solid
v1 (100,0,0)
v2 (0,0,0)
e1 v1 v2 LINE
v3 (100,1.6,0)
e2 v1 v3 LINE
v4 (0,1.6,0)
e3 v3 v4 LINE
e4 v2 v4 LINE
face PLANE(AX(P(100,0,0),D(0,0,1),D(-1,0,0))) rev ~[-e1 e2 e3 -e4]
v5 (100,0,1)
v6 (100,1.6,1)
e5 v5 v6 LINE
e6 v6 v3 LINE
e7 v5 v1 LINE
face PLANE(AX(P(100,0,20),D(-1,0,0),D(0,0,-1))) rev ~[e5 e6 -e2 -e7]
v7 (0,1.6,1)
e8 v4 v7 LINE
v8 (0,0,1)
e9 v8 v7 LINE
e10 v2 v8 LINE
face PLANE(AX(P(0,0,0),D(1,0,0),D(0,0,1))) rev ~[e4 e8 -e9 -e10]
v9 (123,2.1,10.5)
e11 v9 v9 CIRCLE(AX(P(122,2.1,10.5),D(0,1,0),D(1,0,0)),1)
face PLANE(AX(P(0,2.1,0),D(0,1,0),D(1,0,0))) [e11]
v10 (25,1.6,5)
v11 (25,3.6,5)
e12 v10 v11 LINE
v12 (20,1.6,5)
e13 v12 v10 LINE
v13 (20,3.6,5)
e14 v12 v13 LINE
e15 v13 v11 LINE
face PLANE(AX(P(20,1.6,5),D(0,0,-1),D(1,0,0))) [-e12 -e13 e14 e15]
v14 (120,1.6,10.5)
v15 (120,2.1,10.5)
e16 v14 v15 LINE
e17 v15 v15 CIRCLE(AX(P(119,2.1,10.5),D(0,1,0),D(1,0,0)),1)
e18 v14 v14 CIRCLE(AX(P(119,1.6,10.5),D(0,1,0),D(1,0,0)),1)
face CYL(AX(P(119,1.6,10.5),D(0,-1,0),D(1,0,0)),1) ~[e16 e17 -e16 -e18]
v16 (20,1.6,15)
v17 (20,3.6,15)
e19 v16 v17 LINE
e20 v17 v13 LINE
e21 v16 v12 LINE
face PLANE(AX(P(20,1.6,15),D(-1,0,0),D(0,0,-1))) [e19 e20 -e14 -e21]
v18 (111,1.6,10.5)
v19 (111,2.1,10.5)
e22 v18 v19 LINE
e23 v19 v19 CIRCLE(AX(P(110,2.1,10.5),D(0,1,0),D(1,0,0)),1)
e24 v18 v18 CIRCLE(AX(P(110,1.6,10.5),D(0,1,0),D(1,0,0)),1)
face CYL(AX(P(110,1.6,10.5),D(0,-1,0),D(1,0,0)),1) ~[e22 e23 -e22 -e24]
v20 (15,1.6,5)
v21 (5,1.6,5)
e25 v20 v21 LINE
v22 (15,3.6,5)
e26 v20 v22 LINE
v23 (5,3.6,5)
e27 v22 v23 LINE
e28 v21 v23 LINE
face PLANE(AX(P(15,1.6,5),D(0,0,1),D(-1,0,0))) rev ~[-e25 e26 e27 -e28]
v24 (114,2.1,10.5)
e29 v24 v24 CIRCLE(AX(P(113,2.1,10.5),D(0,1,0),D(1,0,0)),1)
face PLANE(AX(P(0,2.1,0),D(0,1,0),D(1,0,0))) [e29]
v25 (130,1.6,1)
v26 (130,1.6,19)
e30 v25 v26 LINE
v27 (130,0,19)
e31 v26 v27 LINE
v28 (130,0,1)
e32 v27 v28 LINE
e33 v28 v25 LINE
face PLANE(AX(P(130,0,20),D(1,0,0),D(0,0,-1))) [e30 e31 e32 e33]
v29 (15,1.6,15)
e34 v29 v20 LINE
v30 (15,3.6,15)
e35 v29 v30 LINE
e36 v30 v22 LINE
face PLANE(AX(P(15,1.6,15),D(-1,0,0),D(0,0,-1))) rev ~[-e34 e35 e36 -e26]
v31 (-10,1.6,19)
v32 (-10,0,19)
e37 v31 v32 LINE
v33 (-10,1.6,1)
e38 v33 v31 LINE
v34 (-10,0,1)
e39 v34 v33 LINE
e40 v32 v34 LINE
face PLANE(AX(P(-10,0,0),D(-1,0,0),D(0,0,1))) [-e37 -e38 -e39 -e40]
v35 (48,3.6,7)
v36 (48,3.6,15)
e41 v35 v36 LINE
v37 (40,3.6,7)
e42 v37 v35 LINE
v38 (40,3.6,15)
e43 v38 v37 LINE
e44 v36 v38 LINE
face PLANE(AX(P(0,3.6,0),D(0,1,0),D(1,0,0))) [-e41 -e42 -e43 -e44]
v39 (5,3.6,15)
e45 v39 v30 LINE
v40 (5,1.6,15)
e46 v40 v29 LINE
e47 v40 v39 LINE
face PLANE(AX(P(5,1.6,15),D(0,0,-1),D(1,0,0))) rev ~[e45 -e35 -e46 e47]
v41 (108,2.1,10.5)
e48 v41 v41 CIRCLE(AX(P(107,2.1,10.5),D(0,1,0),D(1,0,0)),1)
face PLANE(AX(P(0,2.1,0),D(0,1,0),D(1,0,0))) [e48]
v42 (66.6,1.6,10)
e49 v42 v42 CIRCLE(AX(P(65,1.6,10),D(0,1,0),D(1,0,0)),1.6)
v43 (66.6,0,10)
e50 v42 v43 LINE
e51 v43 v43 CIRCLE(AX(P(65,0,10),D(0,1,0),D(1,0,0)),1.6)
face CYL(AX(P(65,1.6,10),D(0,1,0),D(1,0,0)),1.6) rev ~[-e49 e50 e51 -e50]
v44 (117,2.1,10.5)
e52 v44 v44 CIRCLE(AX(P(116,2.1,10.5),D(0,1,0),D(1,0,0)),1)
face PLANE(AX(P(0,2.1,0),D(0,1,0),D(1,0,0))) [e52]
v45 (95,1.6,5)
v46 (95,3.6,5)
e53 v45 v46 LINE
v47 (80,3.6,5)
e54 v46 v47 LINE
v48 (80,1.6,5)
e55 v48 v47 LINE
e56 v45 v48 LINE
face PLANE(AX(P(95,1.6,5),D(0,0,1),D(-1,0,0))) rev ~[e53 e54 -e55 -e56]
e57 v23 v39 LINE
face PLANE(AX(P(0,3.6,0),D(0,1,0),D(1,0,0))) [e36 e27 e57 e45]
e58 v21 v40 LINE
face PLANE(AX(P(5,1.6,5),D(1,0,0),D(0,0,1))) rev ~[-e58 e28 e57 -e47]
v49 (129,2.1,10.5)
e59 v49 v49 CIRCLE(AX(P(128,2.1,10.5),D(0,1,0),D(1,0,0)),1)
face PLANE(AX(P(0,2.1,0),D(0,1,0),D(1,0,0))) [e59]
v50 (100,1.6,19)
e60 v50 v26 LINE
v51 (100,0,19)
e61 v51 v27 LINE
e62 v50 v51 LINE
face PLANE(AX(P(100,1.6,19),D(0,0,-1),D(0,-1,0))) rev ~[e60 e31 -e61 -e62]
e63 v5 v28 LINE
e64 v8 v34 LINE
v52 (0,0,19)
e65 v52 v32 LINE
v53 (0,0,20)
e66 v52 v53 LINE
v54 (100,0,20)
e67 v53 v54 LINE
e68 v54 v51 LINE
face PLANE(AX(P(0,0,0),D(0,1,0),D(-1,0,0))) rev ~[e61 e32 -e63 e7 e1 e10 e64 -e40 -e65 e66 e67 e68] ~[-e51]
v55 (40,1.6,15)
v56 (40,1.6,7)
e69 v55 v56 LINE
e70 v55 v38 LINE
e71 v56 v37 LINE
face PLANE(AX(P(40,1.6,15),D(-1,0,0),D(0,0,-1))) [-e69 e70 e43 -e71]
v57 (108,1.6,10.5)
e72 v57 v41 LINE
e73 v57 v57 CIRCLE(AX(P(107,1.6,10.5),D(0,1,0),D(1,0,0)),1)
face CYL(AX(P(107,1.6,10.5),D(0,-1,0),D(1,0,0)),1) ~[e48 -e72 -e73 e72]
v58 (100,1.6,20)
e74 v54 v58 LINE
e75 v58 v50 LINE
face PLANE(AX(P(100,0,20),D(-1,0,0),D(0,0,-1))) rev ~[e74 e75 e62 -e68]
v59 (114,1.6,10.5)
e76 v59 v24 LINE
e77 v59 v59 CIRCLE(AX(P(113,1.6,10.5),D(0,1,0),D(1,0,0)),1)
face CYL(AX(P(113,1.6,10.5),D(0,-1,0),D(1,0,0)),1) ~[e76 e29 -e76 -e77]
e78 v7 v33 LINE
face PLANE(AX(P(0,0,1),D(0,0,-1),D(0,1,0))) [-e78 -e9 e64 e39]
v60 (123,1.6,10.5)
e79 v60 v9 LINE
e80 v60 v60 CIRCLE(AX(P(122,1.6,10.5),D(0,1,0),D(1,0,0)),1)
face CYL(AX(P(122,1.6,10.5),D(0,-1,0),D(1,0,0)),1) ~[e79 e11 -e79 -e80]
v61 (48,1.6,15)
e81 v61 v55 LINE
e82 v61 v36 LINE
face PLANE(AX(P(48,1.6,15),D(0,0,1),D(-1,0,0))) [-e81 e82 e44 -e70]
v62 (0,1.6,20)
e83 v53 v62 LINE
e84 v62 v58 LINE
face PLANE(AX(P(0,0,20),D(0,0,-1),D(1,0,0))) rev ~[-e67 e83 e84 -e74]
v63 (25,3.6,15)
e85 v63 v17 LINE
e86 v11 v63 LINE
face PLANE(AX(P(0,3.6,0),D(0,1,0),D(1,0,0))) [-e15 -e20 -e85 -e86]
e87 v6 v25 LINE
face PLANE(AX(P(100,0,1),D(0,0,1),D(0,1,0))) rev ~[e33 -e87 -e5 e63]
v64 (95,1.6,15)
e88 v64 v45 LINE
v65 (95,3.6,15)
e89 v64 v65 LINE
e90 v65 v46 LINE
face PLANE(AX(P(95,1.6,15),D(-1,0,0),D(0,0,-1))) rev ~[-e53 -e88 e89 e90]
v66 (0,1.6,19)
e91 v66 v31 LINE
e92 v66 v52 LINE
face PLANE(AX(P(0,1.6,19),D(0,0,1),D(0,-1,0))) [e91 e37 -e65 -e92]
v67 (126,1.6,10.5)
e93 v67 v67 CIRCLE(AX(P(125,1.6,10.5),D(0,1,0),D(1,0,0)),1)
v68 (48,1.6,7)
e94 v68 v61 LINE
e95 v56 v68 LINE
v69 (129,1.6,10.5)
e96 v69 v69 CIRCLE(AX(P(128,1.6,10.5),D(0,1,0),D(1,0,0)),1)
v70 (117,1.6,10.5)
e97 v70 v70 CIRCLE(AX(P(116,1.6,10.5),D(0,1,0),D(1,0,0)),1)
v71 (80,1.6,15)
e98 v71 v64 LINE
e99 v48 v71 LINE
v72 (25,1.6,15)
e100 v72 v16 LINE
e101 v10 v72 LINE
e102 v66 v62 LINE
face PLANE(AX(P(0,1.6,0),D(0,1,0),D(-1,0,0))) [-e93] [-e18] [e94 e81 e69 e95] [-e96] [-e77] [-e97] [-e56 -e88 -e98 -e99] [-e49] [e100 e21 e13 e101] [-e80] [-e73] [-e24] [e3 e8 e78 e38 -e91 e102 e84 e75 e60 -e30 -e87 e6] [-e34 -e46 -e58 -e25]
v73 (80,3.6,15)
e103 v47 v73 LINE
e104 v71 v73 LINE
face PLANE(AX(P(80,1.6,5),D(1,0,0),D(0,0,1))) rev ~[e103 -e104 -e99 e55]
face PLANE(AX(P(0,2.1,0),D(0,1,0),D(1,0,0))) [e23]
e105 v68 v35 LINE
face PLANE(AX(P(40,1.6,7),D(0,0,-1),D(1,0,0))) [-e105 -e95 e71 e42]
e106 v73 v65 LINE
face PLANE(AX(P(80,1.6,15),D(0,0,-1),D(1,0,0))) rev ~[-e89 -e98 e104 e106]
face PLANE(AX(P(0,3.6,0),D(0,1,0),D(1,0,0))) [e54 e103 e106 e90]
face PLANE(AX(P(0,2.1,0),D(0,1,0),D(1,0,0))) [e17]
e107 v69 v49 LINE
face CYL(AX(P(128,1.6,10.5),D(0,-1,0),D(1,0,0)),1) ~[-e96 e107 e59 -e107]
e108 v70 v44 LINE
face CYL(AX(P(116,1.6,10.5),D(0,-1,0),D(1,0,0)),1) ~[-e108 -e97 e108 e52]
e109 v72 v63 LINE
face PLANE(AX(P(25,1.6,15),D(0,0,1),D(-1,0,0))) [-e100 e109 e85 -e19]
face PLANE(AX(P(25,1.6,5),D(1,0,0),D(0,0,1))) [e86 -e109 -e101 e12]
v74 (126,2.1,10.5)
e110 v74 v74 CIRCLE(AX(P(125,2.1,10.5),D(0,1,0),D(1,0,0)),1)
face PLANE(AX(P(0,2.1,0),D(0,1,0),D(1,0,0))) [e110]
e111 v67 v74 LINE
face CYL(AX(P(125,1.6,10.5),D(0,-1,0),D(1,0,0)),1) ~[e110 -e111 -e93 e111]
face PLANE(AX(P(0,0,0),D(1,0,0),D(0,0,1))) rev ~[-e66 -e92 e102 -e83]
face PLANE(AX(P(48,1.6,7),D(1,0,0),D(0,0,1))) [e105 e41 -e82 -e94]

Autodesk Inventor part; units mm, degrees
ref_plane "YZ Plane" through (0, 0, 0) normal (1, 0, 0) x (0, 1, 0)
ref_plane "XZ Plane" through (0, 0, 0) normal (0, 1, 0) x (-1, 0, 0)
ref_plane "XY Plane" through (0, 0, 0) normal (0, 0, 1) x (1, 0, 0)
sketch "草图1" plane through (0, 0, 0) normal (0, 1, 0) x (-1, 0, 0)
  line L0 (0, 20) -> (-100, 20)
  line L1 (-100, 20) -> (-100, 0)
  line L2 (-100, 0) -> (0, 0)
  line L3 (0, 0) -> (0, 20)
  point P0 (0, 0)
  dimension "d0" = 20
  dimension "d1" = 100
extrude "拉伸1" add sketch "草图1" along normal blind 1.6
sketch "草图2" plane through (0, 1.6, 0) normal (0, 1, 0) x (1, 0, 0)
  line L0 (5, -15) -> (15, -15)
  line L1 (15, -15) -> (15, -5)
  line L2 (15, -5) -> (5, -5)
  line L3 (5, -5) -> (5, -15)
  line L4 (100, 0) -> (0, 0) projected
  line L5 (0, 0) -> (0, -20) projected
  point P0 (0, 0)
  dimension "d4" = 10
  dimension "d5" = 10
  dimension "d6" = 5
  dimension "d7" = 5
extrude "拉伸2" add sketch "草图2" along normal blind 2
sketch "草图3" plane through (0, 1.6, 0) normal (0, 1, 0) x (1, 0, 0)
  line L0 (80, -15) -> (95, -15)
  line L1 (95, -15) -> (95, -5)
  line L2 (95, -5) -> (80, -5)
  line L3 (80, -5) -> (80, -15)
  line L4 (100, 0) -> (0, 0) projected
  line L5 (100, -20) -> (100, 0) projected
  point P0 (0, 0)
  point P1 (100, -10)
  point P2 (95, -10)
  dimension "d10" = 10
  dimension "d11" = 15
  dimension "d12" = 5
  dimension "d13" = 5
extrude "拉伸3" add sketch "草图3" along normal blind 2
sketch "草图4" plane through (0, 1.6, 0) normal (0, 1, 0) x (1, 0, 0)
  line L0 (48, -15) -> (40, -15)
  line L1 (40, -15) -> (40, -7)
  line L2 (40, -7) -> (48, -7)
  line L3 (48, -7) -> (48, -15)
  line L4 (0, -20) -> (100, -20) projected
  line L5 (0, 0) -> (0, -20) projected
  point P0 (0, 0)
  point P1 (44, -15)
  dimension "d16" = 8
  dimension "d17" = 8
  dimension "d18" = 5
  dimension "d19" = 40
extrude "拉伸4" add sketch "草图4" along normal blind 2
sketch "草图5" plane through (0, 1.6, 0) normal (0, 1, 0) x (1, 0, 0)
  line L0 (25, -15) -> (20, -15)
  line L1 (20, -15) -> (20, -5)
  line L2 (20, -5) -> (25, -5)
  line L3 (25, -5) -> (25, -15)
  line L4 (0, -20) -> (100, -20) projected
  line L5 (0, 0) -> (0, -20) projected
  point P0 (0, 0)
  point P1 (20, -10)
  dimension "d22" = 5
  dimension "d23" = 10
  dimension "d24" = 5
  dimension "d25" = 20
extrude "拉伸5" add sketch "草图5" along normal blind 2
sketch "草图6" plane through (100, 0, 20) normal (1, 0, 0) x (0, 0, -1)
  point P0 (20, 0)
sketch "草图7" plane through (100, 0, 20) normal (1, 0, 0) x (0, 0, -1)
  line L0 (1, 0) -> (19, 0)
  line L1 (19, 0) -> (19, 1.6)
  line L2 (19, 1.6) -> (1, 1.6)
  line L3 (1, 1.6) -> (1, 0)
  line L4 (0, 0) -> (20, 0) projected
  line L5 (20, 0) -> (20, 1.6) projected
  point P0 (20, 0)
  point P1 (20, 0.8)
  dimension "d28" = 1.6
  dimension "d29" = 0
  dimension "d30" = 18
  dimension "d31" = 1
extrude "拉伸6" add sketch "草图7" along normal blind 30
sketch "草图8" plane through (0, 0, 0) normal (-1, 0, 0) x (0, 0, 1)
  line L0 (1, 1.6) -> (19, 1.6)
  line L1 (19, 1.6) -> (19, 0)
  line L2 (19, 0) -> (1, 0)
  line L3 (1, 0) -> (1, 1.6)
  line L4 (0, 0) -> (20, 0) projected
  line L5 (20, 0) -> (20, 1.6) projected
  point P0 (0, 0)
  dimension "d34" = 1.6
  dimension "d35" = 0
  dimension "d36" = 18
  dimension "d37" = 1
extrude "拉伸7" add sketch "草图8" along normal blind 10
sketch "草图9" plane through (0, 1.6, 0) normal (0, 1, 0) x (1, 0, 0)
  circle A0 centre (128, -10.5) radius 1
  line L0 (100, -1) -> (130, -1) projected
  line L1 (130, -1) -> (130, -19) projected
  circle A1 centre (125, -10.5) radius 1
  circle A2 centre (122, -10.5) radius 1
  circle A3 centre (119, -10.5) radius 1
  circle A4 centre (116, -10.5) radius 1
  circle A5 centre (113, -10.5) radius 1
  circle A6 centre (110, -10.5) radius 1
  circle A7 centre (107, -10.5) radius 1
  point P0 (0, 0)
  dimension "d40" = 2
  dimension "d41" = 9.5
  dimension "d42" = 2
  dimension "d45" = 3
extrude "拉伸8" add sketch "草图9" along normal blind 0.5
sketch "草图10" plane through (0, 1.6, 0) normal (0, 1, 0) x (1, 0, 0)
  circle A0 centre (65, -10) radius 1.6
  line L0 (100, 0) -> (0, 0) projected
  line L1 (0, 0) -> (0, -1) projected
  point P0 (0, -0.5)
  dimension "d52" = 3.2
  dimension "d53" = 10
  dimension "d54" = 65
extrude "拉伸9" cut sketch "草图10" against normal blind 1.6
properties part number "pcb板"
